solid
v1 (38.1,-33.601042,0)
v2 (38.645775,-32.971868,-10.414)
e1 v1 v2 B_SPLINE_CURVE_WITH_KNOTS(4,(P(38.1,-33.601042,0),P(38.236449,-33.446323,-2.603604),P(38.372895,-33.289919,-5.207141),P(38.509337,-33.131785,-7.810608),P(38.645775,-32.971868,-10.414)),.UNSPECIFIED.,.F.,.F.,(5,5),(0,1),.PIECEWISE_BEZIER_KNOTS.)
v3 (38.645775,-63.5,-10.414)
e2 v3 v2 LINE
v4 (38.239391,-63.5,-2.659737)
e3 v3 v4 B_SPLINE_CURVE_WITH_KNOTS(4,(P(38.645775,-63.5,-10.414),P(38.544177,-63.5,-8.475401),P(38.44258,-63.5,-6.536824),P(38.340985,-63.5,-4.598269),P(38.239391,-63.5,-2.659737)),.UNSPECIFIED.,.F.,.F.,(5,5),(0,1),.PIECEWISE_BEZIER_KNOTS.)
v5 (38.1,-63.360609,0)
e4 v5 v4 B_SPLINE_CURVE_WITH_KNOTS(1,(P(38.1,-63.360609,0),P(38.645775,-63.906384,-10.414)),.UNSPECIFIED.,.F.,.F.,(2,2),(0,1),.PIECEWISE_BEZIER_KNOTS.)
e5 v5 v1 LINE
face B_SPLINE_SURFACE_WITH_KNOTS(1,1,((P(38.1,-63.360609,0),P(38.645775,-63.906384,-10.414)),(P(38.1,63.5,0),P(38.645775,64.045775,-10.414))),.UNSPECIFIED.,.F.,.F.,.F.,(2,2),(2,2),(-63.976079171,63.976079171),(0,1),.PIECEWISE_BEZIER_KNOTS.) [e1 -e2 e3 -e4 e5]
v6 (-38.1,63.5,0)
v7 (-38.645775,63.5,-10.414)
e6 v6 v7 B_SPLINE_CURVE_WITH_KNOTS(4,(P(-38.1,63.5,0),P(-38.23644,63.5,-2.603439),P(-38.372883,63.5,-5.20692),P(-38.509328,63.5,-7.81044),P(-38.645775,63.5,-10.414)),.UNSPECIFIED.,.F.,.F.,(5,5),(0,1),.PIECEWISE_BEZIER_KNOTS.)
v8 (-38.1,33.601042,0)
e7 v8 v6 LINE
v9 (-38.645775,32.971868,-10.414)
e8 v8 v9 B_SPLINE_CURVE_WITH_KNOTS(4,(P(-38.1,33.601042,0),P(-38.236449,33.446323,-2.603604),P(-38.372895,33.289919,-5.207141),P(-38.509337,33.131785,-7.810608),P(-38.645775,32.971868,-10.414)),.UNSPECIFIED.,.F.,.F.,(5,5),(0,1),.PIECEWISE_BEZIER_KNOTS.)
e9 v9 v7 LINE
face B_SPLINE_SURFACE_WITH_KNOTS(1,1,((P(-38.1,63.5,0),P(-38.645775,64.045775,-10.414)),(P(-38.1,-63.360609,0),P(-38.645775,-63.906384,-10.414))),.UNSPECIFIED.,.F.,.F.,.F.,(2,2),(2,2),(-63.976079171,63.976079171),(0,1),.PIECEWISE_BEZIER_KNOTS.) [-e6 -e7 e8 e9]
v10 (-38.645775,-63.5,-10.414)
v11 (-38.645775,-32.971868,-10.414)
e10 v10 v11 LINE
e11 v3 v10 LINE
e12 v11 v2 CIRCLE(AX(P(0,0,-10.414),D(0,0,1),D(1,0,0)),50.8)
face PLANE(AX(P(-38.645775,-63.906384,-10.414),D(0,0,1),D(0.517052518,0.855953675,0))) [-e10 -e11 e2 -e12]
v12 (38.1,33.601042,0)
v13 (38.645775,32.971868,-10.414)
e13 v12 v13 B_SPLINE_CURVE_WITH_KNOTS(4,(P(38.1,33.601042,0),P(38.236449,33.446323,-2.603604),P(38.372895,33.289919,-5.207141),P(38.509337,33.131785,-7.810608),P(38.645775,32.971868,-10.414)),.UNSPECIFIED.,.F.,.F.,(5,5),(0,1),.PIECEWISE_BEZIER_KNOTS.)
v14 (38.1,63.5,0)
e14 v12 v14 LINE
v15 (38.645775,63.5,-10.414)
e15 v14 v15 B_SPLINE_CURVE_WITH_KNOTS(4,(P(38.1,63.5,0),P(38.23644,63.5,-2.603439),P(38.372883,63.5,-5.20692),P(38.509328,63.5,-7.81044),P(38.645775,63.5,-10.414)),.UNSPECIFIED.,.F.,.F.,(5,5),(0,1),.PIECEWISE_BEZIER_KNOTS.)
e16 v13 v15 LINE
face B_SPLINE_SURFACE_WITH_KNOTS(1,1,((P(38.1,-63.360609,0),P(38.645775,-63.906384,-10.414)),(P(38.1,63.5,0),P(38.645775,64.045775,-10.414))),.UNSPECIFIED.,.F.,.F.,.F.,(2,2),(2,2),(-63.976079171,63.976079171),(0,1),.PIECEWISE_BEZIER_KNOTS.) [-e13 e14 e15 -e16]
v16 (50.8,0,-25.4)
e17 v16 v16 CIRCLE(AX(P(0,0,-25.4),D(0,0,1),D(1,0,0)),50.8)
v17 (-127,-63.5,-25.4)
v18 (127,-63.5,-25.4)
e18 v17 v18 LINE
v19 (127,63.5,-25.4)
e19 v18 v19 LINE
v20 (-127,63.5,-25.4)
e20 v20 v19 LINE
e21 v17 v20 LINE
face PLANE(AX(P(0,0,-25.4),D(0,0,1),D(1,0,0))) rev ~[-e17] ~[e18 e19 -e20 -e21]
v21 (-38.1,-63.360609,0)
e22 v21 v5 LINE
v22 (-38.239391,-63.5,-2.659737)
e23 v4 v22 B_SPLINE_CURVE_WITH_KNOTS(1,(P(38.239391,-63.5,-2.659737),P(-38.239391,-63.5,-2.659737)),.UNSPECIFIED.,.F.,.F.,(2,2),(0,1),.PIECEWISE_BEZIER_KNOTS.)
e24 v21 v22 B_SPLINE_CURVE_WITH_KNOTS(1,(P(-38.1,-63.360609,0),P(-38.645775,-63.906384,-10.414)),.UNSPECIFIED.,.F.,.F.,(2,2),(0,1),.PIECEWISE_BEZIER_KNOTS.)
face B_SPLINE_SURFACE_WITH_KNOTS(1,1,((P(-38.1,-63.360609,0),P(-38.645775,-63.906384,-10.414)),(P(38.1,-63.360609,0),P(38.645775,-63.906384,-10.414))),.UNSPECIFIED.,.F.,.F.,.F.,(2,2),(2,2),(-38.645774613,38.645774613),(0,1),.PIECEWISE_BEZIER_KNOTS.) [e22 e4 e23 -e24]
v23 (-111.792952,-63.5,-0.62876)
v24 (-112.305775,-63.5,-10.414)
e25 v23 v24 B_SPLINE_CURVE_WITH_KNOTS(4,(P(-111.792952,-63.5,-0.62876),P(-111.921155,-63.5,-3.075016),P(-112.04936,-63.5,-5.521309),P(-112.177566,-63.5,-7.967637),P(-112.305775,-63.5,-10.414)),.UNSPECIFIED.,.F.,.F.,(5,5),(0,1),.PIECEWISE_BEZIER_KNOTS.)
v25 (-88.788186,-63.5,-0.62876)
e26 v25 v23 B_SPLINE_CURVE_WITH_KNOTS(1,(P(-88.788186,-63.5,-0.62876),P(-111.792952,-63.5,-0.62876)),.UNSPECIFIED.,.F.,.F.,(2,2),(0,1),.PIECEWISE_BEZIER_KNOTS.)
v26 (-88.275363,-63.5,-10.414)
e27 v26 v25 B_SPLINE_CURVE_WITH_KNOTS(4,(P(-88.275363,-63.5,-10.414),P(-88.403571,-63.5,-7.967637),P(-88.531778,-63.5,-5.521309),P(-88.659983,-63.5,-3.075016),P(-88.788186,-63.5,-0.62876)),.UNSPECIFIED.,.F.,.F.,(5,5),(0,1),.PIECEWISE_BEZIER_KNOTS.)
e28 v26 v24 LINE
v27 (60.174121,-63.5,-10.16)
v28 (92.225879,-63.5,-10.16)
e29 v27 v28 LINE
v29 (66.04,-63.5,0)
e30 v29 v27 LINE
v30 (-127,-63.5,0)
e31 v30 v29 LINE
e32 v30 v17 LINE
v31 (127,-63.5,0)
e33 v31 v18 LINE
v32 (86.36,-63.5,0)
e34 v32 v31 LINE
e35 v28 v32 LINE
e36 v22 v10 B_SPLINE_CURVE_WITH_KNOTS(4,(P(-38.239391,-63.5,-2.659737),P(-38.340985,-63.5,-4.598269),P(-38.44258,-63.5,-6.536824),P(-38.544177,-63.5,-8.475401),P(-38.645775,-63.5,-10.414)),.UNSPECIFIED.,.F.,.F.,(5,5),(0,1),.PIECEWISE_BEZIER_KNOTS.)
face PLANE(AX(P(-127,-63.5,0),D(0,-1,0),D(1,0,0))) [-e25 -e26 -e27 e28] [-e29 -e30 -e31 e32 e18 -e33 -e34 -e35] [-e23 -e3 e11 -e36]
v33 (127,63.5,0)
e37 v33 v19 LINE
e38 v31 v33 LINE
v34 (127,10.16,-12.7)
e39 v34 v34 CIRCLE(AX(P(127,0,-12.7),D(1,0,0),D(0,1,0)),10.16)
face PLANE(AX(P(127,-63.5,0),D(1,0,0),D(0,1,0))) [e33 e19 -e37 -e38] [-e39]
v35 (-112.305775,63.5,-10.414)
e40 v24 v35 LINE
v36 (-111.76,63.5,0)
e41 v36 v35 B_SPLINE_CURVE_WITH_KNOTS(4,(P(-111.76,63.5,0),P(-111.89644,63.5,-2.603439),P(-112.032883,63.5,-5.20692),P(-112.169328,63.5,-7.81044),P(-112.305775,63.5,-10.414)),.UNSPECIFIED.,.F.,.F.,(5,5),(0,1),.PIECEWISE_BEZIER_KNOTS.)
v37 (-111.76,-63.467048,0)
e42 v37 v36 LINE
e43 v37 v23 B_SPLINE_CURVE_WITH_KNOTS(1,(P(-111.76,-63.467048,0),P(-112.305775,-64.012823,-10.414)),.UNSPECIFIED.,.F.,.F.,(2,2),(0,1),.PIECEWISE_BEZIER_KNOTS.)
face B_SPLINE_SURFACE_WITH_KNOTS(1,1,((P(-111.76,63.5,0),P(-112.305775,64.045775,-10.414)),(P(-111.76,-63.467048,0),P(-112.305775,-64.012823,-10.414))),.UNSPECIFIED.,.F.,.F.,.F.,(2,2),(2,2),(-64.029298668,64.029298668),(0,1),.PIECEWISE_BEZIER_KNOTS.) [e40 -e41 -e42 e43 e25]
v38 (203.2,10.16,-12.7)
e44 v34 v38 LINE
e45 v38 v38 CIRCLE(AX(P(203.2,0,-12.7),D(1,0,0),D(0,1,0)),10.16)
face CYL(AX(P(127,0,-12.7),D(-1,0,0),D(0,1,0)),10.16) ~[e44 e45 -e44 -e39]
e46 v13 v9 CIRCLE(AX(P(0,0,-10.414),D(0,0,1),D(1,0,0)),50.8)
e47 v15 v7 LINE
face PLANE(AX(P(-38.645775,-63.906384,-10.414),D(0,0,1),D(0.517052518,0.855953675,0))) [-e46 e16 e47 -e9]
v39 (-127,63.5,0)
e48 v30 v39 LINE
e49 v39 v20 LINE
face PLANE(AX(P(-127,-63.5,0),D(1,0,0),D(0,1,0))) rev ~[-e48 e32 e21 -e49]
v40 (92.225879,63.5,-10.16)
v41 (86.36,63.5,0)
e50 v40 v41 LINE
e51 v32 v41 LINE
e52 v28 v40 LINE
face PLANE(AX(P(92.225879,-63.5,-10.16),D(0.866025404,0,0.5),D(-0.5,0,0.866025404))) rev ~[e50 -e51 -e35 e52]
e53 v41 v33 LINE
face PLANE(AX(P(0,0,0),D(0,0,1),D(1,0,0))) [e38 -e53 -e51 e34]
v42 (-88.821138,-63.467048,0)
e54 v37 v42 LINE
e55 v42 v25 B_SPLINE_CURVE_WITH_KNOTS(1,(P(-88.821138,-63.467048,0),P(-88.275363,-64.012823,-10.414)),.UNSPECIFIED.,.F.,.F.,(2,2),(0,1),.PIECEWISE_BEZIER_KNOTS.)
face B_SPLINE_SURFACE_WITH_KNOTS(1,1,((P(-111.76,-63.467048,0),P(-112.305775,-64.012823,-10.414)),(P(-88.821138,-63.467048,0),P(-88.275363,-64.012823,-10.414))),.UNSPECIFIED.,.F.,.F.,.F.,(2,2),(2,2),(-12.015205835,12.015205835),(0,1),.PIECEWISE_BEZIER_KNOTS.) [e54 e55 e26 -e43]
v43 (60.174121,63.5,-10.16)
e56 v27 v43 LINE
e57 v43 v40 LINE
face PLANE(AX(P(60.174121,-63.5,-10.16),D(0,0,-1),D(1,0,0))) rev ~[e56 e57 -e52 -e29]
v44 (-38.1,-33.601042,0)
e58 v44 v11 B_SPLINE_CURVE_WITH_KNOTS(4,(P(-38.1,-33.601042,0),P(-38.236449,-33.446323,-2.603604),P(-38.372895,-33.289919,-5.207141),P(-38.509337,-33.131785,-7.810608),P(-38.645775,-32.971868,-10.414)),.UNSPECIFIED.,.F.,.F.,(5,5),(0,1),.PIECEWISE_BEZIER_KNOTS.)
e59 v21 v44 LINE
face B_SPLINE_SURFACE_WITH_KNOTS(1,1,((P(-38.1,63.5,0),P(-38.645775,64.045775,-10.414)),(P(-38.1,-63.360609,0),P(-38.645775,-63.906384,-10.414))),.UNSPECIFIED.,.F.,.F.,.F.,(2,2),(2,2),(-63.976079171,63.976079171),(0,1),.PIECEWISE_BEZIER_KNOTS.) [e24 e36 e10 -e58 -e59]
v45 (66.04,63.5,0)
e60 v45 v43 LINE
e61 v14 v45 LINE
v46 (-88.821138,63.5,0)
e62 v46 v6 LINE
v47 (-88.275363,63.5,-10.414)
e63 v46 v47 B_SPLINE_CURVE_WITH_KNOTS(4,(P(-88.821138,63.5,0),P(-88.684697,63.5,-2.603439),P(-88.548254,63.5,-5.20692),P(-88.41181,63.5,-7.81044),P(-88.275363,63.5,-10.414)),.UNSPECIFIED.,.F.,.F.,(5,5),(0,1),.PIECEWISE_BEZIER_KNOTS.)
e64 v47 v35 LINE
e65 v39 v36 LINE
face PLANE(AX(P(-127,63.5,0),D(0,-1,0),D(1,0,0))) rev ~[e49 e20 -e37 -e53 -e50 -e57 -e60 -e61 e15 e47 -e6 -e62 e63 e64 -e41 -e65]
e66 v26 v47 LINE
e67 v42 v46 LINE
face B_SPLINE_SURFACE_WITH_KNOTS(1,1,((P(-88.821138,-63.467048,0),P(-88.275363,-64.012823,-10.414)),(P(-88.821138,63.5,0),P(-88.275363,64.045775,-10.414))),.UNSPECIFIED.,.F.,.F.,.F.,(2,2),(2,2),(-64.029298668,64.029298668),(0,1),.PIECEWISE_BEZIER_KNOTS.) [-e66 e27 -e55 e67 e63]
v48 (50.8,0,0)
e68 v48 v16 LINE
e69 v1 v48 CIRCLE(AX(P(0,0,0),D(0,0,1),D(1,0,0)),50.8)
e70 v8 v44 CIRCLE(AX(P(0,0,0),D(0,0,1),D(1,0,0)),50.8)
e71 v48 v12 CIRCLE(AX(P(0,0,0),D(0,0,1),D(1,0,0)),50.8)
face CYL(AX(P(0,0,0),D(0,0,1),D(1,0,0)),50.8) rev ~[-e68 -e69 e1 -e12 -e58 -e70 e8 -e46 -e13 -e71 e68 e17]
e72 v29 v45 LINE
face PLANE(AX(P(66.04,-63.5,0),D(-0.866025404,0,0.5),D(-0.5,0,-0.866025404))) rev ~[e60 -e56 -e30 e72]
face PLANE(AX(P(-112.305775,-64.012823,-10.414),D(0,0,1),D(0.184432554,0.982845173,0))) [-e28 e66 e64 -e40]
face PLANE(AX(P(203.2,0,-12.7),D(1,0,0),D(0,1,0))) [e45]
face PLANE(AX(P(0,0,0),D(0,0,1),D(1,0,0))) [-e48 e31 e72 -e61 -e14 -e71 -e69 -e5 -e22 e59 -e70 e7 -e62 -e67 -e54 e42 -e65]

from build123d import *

# Parameters (mm, degrees)
F1_W     = 254
F1_H     = 127
F1_R     = 50.8
F2_DEPTH = 25.4
F5_DEPTH = 127.001
F3_W     = 22.938862443
F3_H     = 126.9670481086
F3_W_2   = 76.2
F3_H_2   = 126.8606091142
F7_DEPTH = 10.414
F7_TAPER = -3
F6_R     = 10.16
F8_DEPTH = 76.2


with BuildPart() as f2:
    # F1 (on face) → F2 (new body)
    with BuildSketch(Plane.XY):
        Rectangle(F1_W, F1_H)
        Circle(F1_R, mode=Mode.SUBTRACT)
    extrude(amount=-F2_DEPTH)

    # F4 (on face) → F5 (cut, through all)
    with BuildSketch(Plane.XZ.offset(63.5)):
        Polygon((86.36, 0), (66.04, 0), (60.174121265, -10.16), (92.225878735, -10.16), align=None)
    extrude(amount=-F5_DEPTH, mode=Mode.SUBTRACT)

    # F3 (on face) → F7 (cut)
    with BuildSketch(Plane.XY):
        with Locations((-100.2905687785, 0.0164759457)):
            Rectangle(F3_W, F3_H)
        with Locations((0, 0.0696954429)):
            Rectangle(F3_W_2, F3_H_2)
    extrude(amount=-F7_DEPTH, taper=F7_TAPER, mode=Mode.SUBTRACT)

    # F6 (on face) → F8 (join)
    with BuildSketch(Plane.YZ.offset(127)):
        with Locations((0, -12.7)):
            Circle(F6_R)
    extrude(amount=F8_DEPTH)


solid = f2.part
